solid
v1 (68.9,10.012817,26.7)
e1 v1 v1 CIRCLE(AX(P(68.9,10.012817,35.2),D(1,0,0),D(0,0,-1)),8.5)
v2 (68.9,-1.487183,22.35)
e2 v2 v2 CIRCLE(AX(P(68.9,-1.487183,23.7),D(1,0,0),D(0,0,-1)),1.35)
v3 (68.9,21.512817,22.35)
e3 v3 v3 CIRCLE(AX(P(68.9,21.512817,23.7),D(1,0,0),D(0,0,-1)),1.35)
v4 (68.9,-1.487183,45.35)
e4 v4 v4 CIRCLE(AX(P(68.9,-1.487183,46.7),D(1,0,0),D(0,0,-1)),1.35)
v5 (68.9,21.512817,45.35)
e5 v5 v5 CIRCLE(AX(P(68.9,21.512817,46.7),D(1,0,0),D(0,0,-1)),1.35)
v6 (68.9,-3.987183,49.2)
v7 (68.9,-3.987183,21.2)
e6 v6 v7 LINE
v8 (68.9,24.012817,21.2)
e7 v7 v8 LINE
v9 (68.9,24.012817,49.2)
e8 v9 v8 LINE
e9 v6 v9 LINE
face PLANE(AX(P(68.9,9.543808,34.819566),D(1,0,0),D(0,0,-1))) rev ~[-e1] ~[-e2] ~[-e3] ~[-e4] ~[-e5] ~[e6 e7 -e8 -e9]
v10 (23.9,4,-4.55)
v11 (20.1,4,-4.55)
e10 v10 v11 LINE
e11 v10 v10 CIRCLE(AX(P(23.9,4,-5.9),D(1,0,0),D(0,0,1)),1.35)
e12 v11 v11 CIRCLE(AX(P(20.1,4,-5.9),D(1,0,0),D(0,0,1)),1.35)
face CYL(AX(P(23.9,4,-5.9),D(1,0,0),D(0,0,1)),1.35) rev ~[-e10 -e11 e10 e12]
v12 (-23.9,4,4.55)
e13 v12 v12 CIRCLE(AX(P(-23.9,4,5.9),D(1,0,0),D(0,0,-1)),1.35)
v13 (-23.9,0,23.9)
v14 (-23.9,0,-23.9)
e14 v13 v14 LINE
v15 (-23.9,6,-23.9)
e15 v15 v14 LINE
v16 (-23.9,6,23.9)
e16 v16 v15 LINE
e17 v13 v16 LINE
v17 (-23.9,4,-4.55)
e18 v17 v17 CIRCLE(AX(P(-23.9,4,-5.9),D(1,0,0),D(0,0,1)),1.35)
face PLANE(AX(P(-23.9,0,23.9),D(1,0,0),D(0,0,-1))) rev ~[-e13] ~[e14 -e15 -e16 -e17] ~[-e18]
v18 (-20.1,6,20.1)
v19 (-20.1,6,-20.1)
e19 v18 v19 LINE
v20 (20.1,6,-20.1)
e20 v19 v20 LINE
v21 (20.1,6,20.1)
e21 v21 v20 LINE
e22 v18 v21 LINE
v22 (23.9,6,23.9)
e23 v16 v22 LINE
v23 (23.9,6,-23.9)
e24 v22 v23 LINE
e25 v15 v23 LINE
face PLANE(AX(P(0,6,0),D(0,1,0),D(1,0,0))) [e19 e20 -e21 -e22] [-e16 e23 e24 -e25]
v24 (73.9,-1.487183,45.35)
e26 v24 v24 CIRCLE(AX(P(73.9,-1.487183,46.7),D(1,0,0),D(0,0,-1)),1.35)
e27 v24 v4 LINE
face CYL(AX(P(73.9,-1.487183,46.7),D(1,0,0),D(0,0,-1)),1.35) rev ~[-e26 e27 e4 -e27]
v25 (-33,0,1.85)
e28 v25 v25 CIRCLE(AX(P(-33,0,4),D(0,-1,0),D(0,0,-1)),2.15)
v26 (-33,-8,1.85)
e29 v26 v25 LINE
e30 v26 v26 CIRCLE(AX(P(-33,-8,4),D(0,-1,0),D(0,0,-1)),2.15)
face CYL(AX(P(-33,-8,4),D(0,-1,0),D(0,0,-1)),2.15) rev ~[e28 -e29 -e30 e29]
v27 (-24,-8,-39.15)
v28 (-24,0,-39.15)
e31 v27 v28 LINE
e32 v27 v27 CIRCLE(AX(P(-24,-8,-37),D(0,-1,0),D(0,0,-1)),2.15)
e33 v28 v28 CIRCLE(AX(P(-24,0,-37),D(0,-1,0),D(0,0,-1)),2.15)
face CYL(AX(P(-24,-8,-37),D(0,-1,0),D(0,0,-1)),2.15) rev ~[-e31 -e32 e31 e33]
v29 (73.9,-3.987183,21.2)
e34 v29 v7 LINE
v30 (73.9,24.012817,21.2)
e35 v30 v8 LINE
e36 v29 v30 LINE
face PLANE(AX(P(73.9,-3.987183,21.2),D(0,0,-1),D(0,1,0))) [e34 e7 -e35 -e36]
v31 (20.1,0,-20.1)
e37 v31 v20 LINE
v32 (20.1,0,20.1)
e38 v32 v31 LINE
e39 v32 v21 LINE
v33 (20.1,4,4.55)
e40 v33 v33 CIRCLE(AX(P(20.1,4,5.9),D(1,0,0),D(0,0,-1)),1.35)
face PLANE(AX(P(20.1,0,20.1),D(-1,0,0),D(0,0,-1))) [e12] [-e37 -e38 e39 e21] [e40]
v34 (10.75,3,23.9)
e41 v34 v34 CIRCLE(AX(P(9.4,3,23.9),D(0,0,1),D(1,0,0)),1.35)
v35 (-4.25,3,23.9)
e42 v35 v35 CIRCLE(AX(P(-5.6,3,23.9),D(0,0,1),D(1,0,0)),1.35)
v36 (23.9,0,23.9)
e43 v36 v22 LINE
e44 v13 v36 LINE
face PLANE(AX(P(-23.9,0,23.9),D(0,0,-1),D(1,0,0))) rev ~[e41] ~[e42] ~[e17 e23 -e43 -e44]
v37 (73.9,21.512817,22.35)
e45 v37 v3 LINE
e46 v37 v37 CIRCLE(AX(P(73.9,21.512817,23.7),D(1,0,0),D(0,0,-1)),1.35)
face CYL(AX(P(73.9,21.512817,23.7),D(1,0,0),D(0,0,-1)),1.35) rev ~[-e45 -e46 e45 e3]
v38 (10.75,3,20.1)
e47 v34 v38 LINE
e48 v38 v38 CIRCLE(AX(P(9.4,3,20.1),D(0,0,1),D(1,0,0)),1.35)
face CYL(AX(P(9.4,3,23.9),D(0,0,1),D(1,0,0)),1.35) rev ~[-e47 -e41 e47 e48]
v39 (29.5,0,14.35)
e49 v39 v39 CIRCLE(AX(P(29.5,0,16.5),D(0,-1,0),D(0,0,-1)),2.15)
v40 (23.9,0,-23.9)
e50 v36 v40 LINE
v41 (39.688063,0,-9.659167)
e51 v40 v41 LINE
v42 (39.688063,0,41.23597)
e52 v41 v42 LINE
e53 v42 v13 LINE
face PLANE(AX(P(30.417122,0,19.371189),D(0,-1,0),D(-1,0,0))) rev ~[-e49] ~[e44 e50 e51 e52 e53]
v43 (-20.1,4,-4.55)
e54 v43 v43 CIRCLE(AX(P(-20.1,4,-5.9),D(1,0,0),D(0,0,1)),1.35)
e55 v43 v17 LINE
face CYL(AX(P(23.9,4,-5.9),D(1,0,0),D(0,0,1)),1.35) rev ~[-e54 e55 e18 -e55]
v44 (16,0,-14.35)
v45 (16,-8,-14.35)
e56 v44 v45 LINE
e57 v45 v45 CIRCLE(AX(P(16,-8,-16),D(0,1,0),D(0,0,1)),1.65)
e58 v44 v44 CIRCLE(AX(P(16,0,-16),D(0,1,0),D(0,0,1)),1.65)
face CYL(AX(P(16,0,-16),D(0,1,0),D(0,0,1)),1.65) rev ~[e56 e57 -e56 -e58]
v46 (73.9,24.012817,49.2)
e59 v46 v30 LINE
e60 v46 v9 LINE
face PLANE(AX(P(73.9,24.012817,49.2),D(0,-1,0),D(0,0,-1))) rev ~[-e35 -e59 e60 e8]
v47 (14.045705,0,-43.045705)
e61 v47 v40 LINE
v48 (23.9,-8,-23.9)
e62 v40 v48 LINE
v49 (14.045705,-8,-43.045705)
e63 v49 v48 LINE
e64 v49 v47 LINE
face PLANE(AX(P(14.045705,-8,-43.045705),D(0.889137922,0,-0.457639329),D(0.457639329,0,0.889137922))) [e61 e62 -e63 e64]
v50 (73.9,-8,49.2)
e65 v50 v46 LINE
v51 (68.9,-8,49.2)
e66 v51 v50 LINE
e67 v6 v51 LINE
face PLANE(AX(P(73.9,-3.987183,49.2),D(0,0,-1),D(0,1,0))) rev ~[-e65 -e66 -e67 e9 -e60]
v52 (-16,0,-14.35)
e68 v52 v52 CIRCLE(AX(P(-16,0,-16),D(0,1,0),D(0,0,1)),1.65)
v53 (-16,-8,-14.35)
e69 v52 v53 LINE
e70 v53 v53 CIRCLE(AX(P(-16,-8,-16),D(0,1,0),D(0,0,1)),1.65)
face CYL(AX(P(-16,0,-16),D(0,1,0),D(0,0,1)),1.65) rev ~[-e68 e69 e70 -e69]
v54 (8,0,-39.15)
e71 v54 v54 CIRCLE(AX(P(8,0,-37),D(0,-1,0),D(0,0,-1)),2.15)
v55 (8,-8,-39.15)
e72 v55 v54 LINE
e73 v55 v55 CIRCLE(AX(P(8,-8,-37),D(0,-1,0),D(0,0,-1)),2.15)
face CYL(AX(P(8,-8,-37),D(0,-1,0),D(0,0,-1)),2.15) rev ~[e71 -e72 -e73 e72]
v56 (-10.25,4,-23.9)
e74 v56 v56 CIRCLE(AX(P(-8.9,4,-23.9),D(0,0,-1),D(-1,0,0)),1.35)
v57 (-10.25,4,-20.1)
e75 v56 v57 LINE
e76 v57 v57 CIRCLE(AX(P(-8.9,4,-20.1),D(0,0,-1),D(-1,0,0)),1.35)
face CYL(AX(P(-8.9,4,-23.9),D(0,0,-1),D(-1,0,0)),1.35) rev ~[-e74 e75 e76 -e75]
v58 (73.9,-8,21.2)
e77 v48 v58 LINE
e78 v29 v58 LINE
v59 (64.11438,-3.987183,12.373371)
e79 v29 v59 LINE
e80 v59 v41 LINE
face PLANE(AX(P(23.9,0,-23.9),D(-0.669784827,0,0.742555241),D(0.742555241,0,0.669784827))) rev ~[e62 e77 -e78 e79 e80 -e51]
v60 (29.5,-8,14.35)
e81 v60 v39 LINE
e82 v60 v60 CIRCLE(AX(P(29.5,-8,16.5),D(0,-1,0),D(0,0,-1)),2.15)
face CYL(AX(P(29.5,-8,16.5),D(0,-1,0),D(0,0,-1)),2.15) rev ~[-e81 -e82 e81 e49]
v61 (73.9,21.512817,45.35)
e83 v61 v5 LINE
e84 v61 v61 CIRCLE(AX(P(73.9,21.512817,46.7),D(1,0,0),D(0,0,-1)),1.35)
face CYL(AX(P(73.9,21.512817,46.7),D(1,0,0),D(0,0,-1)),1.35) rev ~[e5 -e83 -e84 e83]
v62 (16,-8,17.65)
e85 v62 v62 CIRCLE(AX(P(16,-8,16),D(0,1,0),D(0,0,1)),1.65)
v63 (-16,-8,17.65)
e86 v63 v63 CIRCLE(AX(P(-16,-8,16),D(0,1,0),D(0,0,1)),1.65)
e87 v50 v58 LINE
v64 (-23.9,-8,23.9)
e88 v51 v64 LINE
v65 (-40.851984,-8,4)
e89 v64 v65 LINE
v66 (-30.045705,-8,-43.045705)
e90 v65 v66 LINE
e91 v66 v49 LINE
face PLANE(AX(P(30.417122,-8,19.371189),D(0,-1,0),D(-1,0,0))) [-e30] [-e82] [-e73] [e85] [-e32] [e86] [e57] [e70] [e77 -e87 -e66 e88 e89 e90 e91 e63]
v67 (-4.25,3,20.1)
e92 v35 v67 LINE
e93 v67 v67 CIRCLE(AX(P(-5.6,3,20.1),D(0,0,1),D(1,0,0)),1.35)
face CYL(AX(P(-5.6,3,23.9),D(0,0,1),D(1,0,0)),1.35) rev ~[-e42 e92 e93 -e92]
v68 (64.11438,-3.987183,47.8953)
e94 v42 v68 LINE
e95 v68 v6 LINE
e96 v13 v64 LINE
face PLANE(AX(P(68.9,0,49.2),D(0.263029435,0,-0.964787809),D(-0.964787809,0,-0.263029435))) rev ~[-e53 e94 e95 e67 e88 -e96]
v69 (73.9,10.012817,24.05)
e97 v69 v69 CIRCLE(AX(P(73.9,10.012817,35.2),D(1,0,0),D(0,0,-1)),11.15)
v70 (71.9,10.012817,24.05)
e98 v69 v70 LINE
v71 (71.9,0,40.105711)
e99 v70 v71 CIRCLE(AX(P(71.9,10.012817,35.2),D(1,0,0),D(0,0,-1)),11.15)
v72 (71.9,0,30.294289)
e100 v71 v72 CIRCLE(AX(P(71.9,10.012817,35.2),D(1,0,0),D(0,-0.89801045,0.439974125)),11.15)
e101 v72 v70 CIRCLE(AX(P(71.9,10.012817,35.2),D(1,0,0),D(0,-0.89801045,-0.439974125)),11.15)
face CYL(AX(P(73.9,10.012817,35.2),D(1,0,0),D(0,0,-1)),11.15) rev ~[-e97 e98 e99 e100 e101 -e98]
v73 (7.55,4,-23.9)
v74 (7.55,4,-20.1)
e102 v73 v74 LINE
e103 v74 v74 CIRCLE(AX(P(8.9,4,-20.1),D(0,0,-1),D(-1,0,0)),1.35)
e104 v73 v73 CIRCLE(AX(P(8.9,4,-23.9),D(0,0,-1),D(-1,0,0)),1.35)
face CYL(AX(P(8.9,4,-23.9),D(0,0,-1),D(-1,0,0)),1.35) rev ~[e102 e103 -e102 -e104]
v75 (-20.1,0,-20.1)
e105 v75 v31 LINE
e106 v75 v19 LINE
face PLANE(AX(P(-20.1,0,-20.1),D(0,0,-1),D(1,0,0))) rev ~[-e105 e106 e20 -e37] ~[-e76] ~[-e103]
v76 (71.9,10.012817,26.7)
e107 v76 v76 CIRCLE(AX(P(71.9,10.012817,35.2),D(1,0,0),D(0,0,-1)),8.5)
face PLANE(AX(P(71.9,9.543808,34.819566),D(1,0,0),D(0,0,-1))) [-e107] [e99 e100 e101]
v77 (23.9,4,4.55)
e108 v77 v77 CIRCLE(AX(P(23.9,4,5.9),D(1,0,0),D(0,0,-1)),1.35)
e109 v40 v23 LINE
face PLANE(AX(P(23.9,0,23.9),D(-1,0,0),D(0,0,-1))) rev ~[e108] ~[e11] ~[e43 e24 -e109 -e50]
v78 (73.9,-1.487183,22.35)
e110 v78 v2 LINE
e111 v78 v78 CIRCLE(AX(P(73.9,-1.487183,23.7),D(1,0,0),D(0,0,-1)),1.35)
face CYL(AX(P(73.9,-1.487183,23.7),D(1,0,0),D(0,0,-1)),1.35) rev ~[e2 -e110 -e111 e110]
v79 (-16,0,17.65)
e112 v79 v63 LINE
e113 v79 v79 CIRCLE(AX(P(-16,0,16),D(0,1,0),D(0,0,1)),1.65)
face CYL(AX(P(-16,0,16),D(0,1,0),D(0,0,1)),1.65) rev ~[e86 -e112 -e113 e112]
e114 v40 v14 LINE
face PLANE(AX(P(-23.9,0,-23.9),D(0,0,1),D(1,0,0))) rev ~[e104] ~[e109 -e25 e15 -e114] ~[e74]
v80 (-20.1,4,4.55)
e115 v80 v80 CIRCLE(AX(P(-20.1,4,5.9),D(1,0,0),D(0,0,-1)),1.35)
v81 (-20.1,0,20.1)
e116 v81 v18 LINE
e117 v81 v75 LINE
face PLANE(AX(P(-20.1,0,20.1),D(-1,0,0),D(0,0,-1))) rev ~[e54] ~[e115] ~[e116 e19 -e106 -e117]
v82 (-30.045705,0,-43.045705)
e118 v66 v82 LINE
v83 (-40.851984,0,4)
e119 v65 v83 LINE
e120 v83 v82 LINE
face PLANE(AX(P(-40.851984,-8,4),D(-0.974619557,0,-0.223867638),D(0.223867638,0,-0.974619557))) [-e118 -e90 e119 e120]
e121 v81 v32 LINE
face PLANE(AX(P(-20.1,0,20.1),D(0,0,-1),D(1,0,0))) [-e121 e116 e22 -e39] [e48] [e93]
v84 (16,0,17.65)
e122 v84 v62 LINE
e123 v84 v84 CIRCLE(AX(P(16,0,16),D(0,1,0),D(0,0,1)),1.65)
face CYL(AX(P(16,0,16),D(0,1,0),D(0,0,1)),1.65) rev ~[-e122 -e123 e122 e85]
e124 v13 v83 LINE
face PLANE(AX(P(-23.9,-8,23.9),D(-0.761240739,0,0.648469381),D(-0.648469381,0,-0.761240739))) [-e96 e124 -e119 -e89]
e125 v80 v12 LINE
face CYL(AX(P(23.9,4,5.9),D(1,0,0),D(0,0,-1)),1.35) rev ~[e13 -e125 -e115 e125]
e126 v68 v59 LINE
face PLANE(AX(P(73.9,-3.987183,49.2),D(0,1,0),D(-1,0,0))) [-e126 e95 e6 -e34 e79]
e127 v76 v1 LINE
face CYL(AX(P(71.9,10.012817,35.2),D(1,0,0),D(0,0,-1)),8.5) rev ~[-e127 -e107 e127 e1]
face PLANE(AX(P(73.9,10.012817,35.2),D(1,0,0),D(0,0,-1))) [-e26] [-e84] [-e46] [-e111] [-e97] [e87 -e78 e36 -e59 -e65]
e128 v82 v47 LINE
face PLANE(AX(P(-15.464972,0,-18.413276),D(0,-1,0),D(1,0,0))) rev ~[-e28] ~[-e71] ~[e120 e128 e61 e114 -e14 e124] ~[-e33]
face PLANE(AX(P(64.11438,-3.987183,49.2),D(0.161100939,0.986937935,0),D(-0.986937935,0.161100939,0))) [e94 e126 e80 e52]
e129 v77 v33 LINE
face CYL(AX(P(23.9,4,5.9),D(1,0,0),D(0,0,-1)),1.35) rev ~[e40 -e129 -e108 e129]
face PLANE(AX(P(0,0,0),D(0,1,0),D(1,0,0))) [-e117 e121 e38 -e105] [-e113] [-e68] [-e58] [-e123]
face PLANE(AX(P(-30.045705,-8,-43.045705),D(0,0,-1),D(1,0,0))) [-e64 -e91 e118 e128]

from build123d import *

# Parameters (mm, degrees)
SKETCH1_W            = 47.8
SKETCH1_H            = 47.8
SKETCH1_W_2          = 40.2
SKETCH1_H_2          = 40.2
BOSS_EXTRUDE1_DEPTH  = 6
CUT_EXTRUDE4_REACH   = 55.778
SKETCH6_R            = 1.35
CUT_EXTRUDE5_REACH   = 55.778
SKETCH7_R            = 1.35
SKETCH8_R            = 1.35
CUT_EXTRUDE6_DEPTH   = 54.777783517
SKETCH11_W           = 5
SKETCH11_H           = 28
SKETCH11_W_2         = 47.8
SKETCH11_H_2         = 47.8
SKETCH11_R           = 1.65
BOSS_EXTRUDE8_DEPTH  = 8
CUT_EXTRUDE7_DEPTH   = 105.25363303
SKETCH12_W           = 28
SKETCH12_H           = 28
SKETCH12_R           = 11.15
SKETCH12_R_2         = 1.35
SKETCH12_R_3         = 8.5
BOSS_EXTRUDE9_DEPTH  = 5
BOSS_EXTRUDE10_START = -2
SKETCH12_3_R         = 8.5
BOSS_EXTRUDE10_DEPTH = 3
SKETCH14_R           = 2.15
BOSS_EXTRUDE11_DEPTH = 8
SKETCH14_3_R         = 2.15
CUT_EXTRUDE8_DEPTH   = 10


with BuildPart() as part:
    # Sketch1 → Boss-Extrude1 (new body)
    with BuildSketch(Plane(origin=(0, 0, 0), x_dir=(1, 0, 0), z_dir=(0, 1, 0))):
        Rectangle(SKETCH1_W, SKETCH1_H)
        Rectangle(SKETCH1_W_2, SKETCH1_H_2, mode=Mode.SUBTRACT)
    extrude(amount=BOSS_EXTRUDE1_DEPTH)

    # Sketch6 → Cut-Extrude4 (cut, up to next)
    with BuildSketch(Plane(origin=(0, 0, -23.9), x_dir=(-1, 0, 0), z_dir=(0, 0, -1)), mode=Mode.PRIVATE) as cut_extrude4_sk1:
        with Locations((-8.9, 4)):
            Circle(SKETCH6_R)
    cut_extrude4_tool1 = extrude(cut_extrude4_sk1.sketch, amount=-CUT_EXTRUDE4_REACH, mode=Mode.PRIVATE) & part.part
    # Sketch6 → Cut-Extrude4 (cut, up to next)
    with BuildSketch(Plane(origin=(0, 0, -23.9), x_dir=(-1, 0, 0), z_dir=(0, 0, -1)), mode=Mode.PRIVATE) as cut_extrude4_sk2:
        with Locations((8.9, 4)):
            Circle(SKETCH6_R)
    cut_extrude4_tool2 = extrude(cut_extrude4_sk2.sketch, amount=-CUT_EXTRUDE4_REACH, mode=Mode.PRIVATE) & part.part
    add(cut_extrude4_tool1.solids().sort_by_distance((8.9, 4, -23.9))[0], mode=Mode.SUBTRACT)
    add(cut_extrude4_tool2.solids().sort_by_distance((-8.9, 4, -23.9))[0], mode=Mode.SUBTRACT)

    # Sketch7 → Cut-Extrude5 (cut, up to next)
    with BuildSketch(Plane.XY.offset(23.9), mode=Mode.PRIVATE) as cut_extrude5_sk1:
        with Locations((9.4, 3)):
            Circle(SKETCH7_R)
    cut_extrude5_tool1 = extrude(cut_extrude5_sk1.sketch, amount=-CUT_EXTRUDE5_REACH, mode=Mode.PRIVATE) & part.part
    # Sketch7 → Cut-Extrude5 (cut, up to next)
    with BuildSketch(Plane.XY.offset(23.9), mode=Mode.PRIVATE) as cut_extrude5_sk2:
        with Locations((-5.6, 3)):
            Circle(SKETCH7_R)
    cut_extrude5_tool2 = extrude(cut_extrude5_sk2.sketch, amount=-CUT_EXTRUDE5_REACH, mode=Mode.PRIVATE) & part.part
    add(cut_extrude5_tool1.solids().sort_by_distance((9.4, 3, 23.9))[0], mode=Mode.SUBTRACT)
    add(cut_extrude5_tool2.solids().sort_by_distance((-5.6, 3, 23.9))[0], mode=Mode.SUBTRACT)

    # Sketch8 → Cut-Extrude6 (cut, through all)
    with BuildSketch(Plane(origin=(23.9, 0, 0), x_dir=(0, 0, -1), z_dir=(1, 0, 0))):
        with Locations((-5.9, 4)):
            Circle(SKETCH8_R)
        with Locations(Location((5.9, 4, 0), (0, 0, 180))):
            Circle(SKETCH8_R)
    extrude(amount=-CUT_EXTRUDE6_DEPTH, mode=Mode.SUBTRACT)

    # Sketch11 → Boss-Extrude8 (add)
    # profile 1 of 3: a face of its own
    with BuildSketch(Plane(origin=(0, 0, 0), x_dir=(1, 0, 0), z_dir=(0, 1, 0))):
        Polygon((73.9, -21.2), (68.9, -21.2), (68.9, -49.2), (-23.9, -23.9), (23.9, -23.9), (23.9, 23.9), align=None)
    # profile 2 of 3: a face of its own
    with BuildSketch(Plane(origin=(0, 0, 0), x_dir=(1, 0, 0), z_dir=(0, 1, 0))):
        with Locations((71.4, -35.2)):
            Rectangle(SKETCH11_W, SKETCH11_H)
    # profile 3 of 3: a face of its own
    with BuildSketch(Plane(origin=(0, 0, 0), x_dir=(1, 0, 0), z_dir=(0, 1, 0))):
        Rectangle(SKETCH11_W_2, SKETCH11_H_2)
        with Locations(Location((-16, -16, 0), (0, 0, 270))):
            Circle(SKETCH11_R, mode=Mode.SUBTRACT)
        with Locations(Location((16, -16, 0), (0, 0, 270))):
            Circle(SKETCH11_R, mode=Mode.SUBTRACT)
        with Locations(Location((16, 16, 0), (0, 0, 270))):
            Circle(SKETCH11_R, mode=Mode.SUBTRACT)
        with Locations(Location((-16, 16, 0), (0, 0, 270))):
            Circle(SKETCH11_R, mode=Mode.SUBTRACT)
    extrude(amount=-BOSS_EXTRUDE8_DEPTH)

    # Sketch13 → Cut-Extrude7 (cut, through all)
    with BuildSketch(Plane.XY.offset(49.2)):
        Polygon((73.9, -3.987183479), (64.114380232, -3.987183479), (28.73812358, 1.78739259), (73.9, 1.78739259), align=None)
    extrude(amount=-CUT_EXTRUDE7_DEPTH, mode=Mode.SUBTRACT)

    # Sketch12 → Boss-Extrude9 (add)
    # profile 1 of 2: a face of its own
    with BuildSketch(Plane(origin=(73.9, 0, 0), x_dir=(0, 0, -1), z_dir=(1, 0, 0))):
        with Locations((-35.2, 10.012816521)):
            Rectangle(SKETCH12_W, SKETCH12_H)
        with Locations((-35.2, 10.012816521)):
            Circle(SKETCH12_R, mode=Mode.SUBTRACT)
        with Locations((-46.7, 21.512816521)):
            Circle(SKETCH12_R_2, mode=Mode.SUBTRACT)
        with Locations((-23.7, 21.512816521)):
            Circle(SKETCH12_R_2, mode=Mode.SUBTRACT)
        with Locations((-23.7, -1.487183479)):
            Circle(SKETCH12_R_2, mode=Mode.SUBTRACT)
        with Locations((-46.7, -1.487183479)):
            Circle(SKETCH12_R_2, mode=Mode.SUBTRACT)
    # profile 2 of 2: a face of its own
    with BuildSketch(Plane(origin=(73.9, 0, 0), x_dir=(0, 0, -1), z_dir=(1, 0, 0))):
        with Locations((-35.2, 10.012816521)):
            Circle(SKETCH12_R_3)
    extrude(amount=-BOSS_EXTRUDE9_DEPTH)


with BuildPart() as boss_extrude9_kept_piece:
    # of the separate pieces the step leaves, the one the design keeps (boss_extrude9_pieces_kept)
    add(part.part.solids().sort_by_distance((-23.9, 6, -23.9))[0])

    # Sketch12<3> → Boss-Extrude10 (add)
    # profile 1 of 2: a face of its own
    with BuildSketch(Plane(origin=(73.9, 0, 0), x_dir=(0, 0, -1), z_dir=(1, 0, 0)).offset(BOSS_EXTRUDE10_START)):
        with BuildLine():
            Line((-40.1057115, 0), (-30.2942885, 0))
            ThreePointArc((-30.2942885, 0), (-25.738996268, 4.112654795), (-24.05, 10.012816521))
            ThreePointArc((-24.05, 10.012816521), (-41.100161726, 19.473820253), (-40.1057115, 0))
        make_face()
        with Locations((-35.2, 10.012816521)):
            Circle(SKETCH12_3_R, mode=Mode.SUBTRACT)
    # profile 2 of 2: a face of its own
    with BuildSketch(Plane(origin=(73.9, 0, 0), x_dir=(0, 0, -1), z_dir=(1, 0, 0)).offset(BOSS_EXTRUDE10_START)):
        with BuildLine():
            ThreePointArc((-40.1057115, 0), (-35.2, -1.137183479), (-30.2942885, 0))
            Line((-30.2942885, 0), (-40.1057115, 0))
        make_face()
    extrude(amount=-BOSS_EXTRUDE10_DEPTH)

    # Sketch14 → Boss-Extrude11 (add)
    # profile 1 of 4: a face of its own
    with BuildSketch(Plane.XZ.offset(8)):
        with Locations((-24, -5)):
            Circle(SKETCH14_R)
    # profile 2 of 4: a face of its own
    with BuildSketch(Plane.XZ.offset(8)):
        Polygon((-23.9, 23.9), (-40.851983798, 4), (-30.045704848, -43.045704848), (14.045704848, -43.045704848), (23.9, -23.9), (-23.9, -23.9), align=None)
        with Locations(Location((-33, 4, 0), (0, 0, 270))):
            Circle(SKETCH14_R, mode=Mode.SUBTRACT)
        with Locations(Location((8, -37, 0), (0, 0, 270))):
            Circle(SKETCH14_R, mode=Mode.SUBTRACT)
        with Locations(Location((-24, -37, 0), (0, 0, 270))):
            Circle(SKETCH14_R, mode=Mode.SUBTRACT)
    # profile 3 of 4: a face of its own
    with BuildSketch(Plane.XZ.offset(8)):
        with BuildLine():
            ThreePointArc((-23.9, -2.852326841), (-26.15, -5), (-23.9, -7.147673159))
            Line((-23.9, -7.147673159), (-23.9, -2.852326841))
        make_face()
    # profile 4 of 4: a face of its own
    with BuildSketch(Plane.XZ.offset(8)):
        with BuildLine():
            Line((-23.9, -2.852326841), (-23.9, -7.147673159))
            ThreePointArc((-23.9, -7.147673159), (-22.444766899, -6.484503284), (-21.85, -5))
            ThreePointArc((-21.85, -5), (-22.444766899, -3.515496716), (-23.9, -2.852326841))
        make_face()
    extrude(amount=-BOSS_EXTRUDE11_DEPTH)

    # Sketch14<3> → Cut-Extrude8 (cut)
    with BuildSketch(Plane.XZ.offset(8)):
        with Locations(Location((29.5, 16.5, 0), (0, 0, 270))):
            Circle(SKETCH14_3_R)
    extrude(amount=-CUT_EXTRUDE8_DEPTH, mode=Mode.SUBTRACT)


solid = boss_extrude9_kept_piece.part
